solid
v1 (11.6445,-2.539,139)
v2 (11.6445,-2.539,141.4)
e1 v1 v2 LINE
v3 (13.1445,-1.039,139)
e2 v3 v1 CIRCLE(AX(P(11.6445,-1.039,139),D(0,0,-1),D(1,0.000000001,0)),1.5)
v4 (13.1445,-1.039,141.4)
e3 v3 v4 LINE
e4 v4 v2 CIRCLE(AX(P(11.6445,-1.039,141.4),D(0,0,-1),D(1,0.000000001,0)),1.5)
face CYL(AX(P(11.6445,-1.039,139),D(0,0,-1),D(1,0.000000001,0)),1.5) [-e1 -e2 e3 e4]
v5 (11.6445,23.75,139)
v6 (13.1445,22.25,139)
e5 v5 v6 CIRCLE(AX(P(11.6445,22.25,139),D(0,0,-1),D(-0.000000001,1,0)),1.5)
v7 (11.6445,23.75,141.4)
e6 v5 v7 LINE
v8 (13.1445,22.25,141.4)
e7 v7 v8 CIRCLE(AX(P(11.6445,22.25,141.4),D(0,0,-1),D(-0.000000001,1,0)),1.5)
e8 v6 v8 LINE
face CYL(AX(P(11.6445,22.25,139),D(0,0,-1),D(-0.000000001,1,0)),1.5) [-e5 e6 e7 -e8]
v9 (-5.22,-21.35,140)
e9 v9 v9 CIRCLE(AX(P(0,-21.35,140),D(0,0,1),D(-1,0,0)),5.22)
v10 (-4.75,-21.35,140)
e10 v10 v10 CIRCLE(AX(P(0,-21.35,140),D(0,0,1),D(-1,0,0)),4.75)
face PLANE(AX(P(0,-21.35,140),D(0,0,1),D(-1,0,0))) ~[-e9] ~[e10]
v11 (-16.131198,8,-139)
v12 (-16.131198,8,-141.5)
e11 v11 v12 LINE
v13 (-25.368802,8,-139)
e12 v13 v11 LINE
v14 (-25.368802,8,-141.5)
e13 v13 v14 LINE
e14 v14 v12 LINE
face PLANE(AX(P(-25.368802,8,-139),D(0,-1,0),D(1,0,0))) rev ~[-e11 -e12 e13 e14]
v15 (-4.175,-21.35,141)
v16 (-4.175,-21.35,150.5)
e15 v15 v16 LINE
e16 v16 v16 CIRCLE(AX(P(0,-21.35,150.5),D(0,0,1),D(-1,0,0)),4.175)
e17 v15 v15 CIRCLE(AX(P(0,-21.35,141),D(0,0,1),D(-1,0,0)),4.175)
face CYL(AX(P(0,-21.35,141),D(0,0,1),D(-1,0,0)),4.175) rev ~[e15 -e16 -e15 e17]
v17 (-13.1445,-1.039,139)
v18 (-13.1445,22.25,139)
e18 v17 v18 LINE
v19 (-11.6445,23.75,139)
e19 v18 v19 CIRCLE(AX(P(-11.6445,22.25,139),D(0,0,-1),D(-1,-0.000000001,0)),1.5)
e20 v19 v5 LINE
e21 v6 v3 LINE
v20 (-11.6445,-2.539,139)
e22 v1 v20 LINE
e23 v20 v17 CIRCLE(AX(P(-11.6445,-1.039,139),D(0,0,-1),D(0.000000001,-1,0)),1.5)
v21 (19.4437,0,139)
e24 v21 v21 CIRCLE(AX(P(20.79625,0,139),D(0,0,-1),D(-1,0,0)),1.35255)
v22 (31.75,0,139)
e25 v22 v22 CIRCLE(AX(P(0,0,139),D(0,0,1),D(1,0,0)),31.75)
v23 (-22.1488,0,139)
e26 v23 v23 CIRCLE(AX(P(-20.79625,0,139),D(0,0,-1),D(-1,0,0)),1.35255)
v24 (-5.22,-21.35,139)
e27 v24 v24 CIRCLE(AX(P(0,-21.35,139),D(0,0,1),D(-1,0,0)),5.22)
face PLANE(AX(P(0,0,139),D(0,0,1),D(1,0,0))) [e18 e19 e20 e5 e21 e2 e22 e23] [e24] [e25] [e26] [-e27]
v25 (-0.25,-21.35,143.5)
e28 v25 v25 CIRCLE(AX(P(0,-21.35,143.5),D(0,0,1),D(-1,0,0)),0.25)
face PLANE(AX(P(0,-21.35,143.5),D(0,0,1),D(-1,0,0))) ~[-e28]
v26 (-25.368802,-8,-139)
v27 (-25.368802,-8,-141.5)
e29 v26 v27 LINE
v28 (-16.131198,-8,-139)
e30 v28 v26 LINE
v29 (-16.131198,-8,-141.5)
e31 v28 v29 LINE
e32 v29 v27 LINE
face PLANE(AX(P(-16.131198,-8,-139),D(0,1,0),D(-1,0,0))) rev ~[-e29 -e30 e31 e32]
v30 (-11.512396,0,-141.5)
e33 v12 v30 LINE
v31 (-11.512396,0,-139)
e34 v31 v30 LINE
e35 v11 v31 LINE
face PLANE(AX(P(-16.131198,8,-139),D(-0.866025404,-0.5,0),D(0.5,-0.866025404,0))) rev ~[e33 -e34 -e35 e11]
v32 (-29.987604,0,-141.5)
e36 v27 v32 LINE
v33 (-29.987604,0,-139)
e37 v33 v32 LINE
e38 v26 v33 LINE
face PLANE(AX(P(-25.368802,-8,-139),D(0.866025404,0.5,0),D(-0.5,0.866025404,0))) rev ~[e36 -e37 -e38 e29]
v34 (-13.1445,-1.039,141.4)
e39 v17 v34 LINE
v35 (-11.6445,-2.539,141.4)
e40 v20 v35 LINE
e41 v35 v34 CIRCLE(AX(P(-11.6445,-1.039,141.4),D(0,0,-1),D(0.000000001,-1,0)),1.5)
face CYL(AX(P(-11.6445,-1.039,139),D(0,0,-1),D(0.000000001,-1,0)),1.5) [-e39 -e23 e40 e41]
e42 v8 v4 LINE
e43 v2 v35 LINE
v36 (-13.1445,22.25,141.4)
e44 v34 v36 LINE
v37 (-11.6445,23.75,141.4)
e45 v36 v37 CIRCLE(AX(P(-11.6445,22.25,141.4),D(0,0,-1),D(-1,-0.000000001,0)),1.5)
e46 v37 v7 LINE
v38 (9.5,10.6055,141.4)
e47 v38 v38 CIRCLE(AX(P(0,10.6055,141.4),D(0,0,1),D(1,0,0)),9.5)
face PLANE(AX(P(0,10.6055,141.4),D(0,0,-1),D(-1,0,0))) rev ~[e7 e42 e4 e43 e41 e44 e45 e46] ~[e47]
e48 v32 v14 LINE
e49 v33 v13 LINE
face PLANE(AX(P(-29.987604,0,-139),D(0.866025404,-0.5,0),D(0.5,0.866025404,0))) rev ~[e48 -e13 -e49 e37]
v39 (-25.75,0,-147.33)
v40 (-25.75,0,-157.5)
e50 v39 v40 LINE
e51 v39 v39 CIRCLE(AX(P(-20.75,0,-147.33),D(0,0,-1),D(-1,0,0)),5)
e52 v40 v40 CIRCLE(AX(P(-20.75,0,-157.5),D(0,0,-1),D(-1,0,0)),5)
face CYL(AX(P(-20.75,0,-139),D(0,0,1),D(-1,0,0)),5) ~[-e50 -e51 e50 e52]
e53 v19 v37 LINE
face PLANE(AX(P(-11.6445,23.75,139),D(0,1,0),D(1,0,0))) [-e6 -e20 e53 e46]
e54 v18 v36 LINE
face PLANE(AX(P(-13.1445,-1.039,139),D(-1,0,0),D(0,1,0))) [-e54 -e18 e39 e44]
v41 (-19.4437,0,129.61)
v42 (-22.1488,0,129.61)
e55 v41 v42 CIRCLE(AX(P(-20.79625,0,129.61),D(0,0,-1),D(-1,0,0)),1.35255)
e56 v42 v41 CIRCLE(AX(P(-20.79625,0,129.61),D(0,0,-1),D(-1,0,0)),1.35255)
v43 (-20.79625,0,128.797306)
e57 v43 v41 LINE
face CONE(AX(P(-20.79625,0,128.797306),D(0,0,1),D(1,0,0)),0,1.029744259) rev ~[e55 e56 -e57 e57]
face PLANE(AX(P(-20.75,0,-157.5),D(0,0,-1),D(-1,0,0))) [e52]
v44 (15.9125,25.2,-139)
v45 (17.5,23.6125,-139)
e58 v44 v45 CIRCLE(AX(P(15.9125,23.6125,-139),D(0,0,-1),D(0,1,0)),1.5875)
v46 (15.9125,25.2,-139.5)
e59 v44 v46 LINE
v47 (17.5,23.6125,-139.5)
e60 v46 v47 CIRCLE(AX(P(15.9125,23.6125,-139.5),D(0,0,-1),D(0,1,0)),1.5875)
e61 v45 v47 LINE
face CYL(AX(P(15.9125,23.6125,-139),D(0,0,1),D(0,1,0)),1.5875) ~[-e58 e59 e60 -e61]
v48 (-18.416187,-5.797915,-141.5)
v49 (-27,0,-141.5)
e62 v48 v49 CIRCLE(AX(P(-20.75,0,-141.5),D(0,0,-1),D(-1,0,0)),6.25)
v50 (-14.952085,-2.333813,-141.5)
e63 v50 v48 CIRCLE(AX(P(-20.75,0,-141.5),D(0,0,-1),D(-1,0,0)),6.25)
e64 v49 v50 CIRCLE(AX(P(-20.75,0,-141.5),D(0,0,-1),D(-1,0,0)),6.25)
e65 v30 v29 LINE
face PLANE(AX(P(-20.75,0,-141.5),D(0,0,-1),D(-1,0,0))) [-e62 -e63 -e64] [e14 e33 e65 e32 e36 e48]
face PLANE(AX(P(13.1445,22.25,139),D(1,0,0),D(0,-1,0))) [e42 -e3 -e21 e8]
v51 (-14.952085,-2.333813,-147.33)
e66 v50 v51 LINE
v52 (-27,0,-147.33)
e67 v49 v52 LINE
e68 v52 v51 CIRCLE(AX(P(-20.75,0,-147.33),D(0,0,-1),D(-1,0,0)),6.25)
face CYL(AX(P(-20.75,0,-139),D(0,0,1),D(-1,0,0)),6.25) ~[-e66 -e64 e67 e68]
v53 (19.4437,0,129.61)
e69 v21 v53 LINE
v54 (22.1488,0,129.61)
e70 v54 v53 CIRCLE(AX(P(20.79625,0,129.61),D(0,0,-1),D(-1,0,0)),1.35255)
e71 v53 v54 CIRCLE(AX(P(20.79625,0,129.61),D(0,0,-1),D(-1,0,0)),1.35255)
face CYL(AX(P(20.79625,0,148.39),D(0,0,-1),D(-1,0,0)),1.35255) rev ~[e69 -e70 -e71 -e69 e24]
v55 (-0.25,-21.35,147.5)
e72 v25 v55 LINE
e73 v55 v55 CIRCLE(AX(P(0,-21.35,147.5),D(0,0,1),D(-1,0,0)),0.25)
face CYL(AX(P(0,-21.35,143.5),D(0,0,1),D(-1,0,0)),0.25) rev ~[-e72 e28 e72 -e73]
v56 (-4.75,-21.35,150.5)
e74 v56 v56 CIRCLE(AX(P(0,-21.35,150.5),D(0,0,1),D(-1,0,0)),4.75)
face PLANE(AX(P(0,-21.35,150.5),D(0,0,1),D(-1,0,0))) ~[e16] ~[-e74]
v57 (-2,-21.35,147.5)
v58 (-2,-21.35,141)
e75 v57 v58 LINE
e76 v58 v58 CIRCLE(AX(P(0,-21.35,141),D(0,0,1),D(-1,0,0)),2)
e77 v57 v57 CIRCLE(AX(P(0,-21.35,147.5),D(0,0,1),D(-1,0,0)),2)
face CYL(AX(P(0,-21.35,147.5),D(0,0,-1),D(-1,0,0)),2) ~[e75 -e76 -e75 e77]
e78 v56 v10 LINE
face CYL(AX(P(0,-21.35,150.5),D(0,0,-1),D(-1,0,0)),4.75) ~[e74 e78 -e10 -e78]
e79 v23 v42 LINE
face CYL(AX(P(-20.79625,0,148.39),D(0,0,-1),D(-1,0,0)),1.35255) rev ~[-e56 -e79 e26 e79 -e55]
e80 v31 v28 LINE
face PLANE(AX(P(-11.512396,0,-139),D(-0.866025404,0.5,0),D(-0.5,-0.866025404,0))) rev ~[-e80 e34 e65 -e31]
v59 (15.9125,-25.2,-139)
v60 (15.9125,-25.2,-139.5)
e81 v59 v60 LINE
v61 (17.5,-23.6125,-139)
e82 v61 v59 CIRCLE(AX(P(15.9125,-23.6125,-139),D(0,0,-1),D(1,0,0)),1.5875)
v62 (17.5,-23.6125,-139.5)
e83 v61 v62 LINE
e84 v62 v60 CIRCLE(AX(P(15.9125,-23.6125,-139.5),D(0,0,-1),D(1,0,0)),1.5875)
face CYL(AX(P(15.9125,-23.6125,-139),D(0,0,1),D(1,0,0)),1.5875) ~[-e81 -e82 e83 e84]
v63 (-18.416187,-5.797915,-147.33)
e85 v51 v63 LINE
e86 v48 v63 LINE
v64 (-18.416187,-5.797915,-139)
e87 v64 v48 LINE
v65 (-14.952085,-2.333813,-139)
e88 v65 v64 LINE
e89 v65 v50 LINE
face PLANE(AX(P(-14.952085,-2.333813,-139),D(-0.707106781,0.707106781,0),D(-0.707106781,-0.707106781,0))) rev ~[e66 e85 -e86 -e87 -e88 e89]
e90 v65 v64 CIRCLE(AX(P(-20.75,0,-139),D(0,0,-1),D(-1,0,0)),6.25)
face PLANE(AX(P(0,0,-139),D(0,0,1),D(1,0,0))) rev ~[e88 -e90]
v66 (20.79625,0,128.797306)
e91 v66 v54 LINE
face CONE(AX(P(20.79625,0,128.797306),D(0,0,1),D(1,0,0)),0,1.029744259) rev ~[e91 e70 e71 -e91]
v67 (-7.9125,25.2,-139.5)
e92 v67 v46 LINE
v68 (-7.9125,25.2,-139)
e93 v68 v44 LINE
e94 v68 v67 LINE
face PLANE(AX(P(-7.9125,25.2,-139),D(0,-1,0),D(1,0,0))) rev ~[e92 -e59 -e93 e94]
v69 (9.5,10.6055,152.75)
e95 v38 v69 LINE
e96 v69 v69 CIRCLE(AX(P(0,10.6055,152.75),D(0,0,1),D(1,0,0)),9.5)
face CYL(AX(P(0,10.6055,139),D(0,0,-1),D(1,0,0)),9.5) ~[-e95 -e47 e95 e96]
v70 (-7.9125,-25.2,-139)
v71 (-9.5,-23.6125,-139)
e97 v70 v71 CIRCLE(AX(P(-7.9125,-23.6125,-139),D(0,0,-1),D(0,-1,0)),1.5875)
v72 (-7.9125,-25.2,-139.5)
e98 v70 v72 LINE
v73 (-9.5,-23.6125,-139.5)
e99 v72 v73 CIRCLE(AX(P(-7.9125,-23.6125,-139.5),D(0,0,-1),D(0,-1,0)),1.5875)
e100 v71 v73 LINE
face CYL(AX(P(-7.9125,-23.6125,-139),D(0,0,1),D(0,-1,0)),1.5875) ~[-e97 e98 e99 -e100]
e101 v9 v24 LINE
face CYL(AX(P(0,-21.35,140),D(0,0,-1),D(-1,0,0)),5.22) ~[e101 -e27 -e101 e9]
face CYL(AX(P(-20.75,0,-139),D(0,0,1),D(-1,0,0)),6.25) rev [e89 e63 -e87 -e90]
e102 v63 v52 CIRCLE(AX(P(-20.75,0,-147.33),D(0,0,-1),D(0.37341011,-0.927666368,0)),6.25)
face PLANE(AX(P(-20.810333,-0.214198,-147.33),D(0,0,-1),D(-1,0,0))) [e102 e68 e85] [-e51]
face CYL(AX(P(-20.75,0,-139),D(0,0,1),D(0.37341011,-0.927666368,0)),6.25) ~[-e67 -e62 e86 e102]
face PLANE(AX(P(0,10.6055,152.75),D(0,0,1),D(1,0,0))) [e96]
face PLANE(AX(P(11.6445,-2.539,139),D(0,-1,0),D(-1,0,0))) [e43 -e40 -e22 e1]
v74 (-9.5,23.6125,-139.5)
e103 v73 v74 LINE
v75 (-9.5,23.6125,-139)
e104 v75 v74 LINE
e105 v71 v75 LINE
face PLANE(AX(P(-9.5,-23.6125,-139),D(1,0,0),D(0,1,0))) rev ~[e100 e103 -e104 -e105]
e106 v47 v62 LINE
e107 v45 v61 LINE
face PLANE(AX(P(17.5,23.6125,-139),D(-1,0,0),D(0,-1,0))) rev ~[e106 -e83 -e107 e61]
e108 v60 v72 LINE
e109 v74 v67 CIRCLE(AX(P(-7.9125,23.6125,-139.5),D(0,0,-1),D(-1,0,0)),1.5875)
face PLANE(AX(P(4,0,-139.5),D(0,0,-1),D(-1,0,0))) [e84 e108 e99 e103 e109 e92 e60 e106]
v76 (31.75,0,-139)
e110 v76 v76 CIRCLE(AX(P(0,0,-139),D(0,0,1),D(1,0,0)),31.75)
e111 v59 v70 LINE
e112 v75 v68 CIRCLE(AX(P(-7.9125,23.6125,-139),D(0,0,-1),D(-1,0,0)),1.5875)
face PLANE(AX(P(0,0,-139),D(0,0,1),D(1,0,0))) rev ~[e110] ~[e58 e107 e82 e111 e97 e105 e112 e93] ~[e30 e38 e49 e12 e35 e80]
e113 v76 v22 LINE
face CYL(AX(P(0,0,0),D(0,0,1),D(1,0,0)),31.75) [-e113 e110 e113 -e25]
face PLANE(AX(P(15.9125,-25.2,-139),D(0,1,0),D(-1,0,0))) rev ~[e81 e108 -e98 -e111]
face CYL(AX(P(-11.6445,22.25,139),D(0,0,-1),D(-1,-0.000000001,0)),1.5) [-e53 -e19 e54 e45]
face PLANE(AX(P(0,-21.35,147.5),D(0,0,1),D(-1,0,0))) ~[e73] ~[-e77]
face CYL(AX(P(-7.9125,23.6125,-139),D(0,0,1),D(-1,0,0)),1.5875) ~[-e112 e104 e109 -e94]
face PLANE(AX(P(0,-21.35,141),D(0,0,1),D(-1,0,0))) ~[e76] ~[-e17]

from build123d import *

# Parameters (mm, degrees)
SKETCH1_R                 = 31.75
BOSS_EXTRUDE1_DEPTH       = 139
SKETCH3_R                 = 9.5
BOSS_EXTRUDE2_DEPTH       = 2.4
SKETCH3_2_R               = 9.5
BOSS_EXTRUDE3_DEPTH       = 13.75
F_6_32_TAPPED_HOLE1_D     = 2.7051
F_6_32_TAPPED_HOLE1_DEPTH = 9.39
F_6_32_TAPPED_HOLE1_TIP   = 0.81269403
BOSS_EXTRUDE4_DEPTH       = 2.5
SKETCH7_3_R               = 5
BOSS_EXTRUDE5_DEPTH       = 8.33
SKETCH7_4_R               = 5
BOSS_EXTRUDE6_DEPTH       = 18.5
BOSS_EXTRUDE7_DEPTH       = 0.5


with BuildPart() as part:
    # Sketch1 → Boss-Extrude1 (new, symmetric)
    with BuildSketch(Plane.XY):
        Circle(SKETCH1_R)
    extrude(amount=BOSS_EXTRUDE1_DEPTH, both=True)

    # Sketch3 → Boss-Extrude2 (add)
    with BuildSketch(Plane.XY.offset(139)):
        with BuildLine():
            Line((11.6445, -2.539), (-11.6445, -2.539))
            ThreePointArc((-11.6445, -2.539), (-12.705160172, -2.099660172), (-13.1445, -1.039))
            Line((-13.1445, -1.039), (-13.1445, 22.25))
            ThreePointArc((-13.1445, 22.25), (-12.705160172, 23.310660172), (-11.6445, 23.75))
            Line((-11.6445, 23.75), (11.6445, 23.75))
            ThreePointArc((11.6445, 23.75), (12.705160172, 23.310660172), (13.1445, 22.25))
            Line((13.1445, 22.25), (13.1445, -1.039))
            ThreePointArc((13.1445, -1.039), (12.705160172, -2.099660172), (11.6445, -2.539))
        make_face()
        with Locations((0, 10.6055)):
            Circle(SKETCH3_R, mode=Mode.SUBTRACT)
    extrude(amount=BOSS_EXTRUDE2_DEPTH)

    # Sketch3<2> → Boss-Extrude3 (add)
    with BuildSketch(Plane.XY.offset(139)):
        with Locations((0, 10.6055)):
            Circle(SKETCH3_2_R)
    extrude(amount=BOSS_EXTRUDE3_DEPTH)

    # Sketch4 → Revolve1 (revolve)
    with BuildSketch(Plane(origin=(0, -21.35, 0), x_dir=(1, 0, 0), z_dir=(0, 1, 0))):
        Polygon((0, -139), (0, -143.5), (-0.25, -143.5), (-0.25, -147.5), (-2, -147.5), (-2, -141), (-4.175, -141), (-4.175, -150.5), (-4.75, -150.5), (-4.75, -140), (-5.22, -140), (-5.22, -139), align=None)
    revolve(axis=Axis((0, -21.35, 143.5), (0, 0, 1)))

    # #6-32 Tapped Hole1
    with Locations(Plane.XY.offset(139)):
        with Locations((-20.79625, 0), (20.79625, 0)):
            Hole(F_6_32_TAPPED_HOLE1_D / 2, depth=F_6_32_TAPPED_HOLE1_DEPTH)
            with Locations((0, 0, -(F_6_32_TAPPED_HOLE1_DEPTH + F_6_32_TAPPED_HOLE1_TIP / 2))):  # 118° drill point
                Cone(0, F_6_32_TAPPED_HOLE1_D / 2, F_6_32_TAPPED_HOLE1_TIP, mode=Mode.SUBTRACT)

    # Sketch7 → Boss-Extrude4 (add)
    with BuildSketch(Plane(origin=(0, 0, -139), x_dir=(-1, 0, 0), z_dir=(0, 0, -1))):
        Polygon((25.368802154, 8), (16.131197846, 8), (11.512395693, 0), (16.131197846, -8), (25.368802154, -8), (29.987604307, 0), align=None)
        with BuildLine():
            ThreePointArc((18.416186816, -5.797914799), (16.330582618, -4.419417382), (14.952085201, -2.333813184))
            ThreePointArc((14.952085201, -2.333813184), (19.56140156, 6.135937887), (27, 0))
            ThreePointArc((27, 0), (24.248297271, -5.179229306), (18.416186816, -5.797914799))
        make_face(mode=Mode.SUBTRACT)
    extrude(amount=BOSS_EXTRUDE4_DEPTH)

    # Sketch7<3> → Boss-Extrude5 (add)
    with BuildSketch(Plane(origin=(0, 0, -139), x_dir=(-1, 0, 0), z_dir=(0, 0, -1))):
        with BuildLine():
            ThreePointArc((27, 0), (19.56140156, 6.135937887), (14.952085201, -2.333813184))
            Line((14.952085201, -2.333813184), (18.416186816, -5.797914799))
            ThreePointArc((18.416186816, -5.797914799), (24.248297271, -5.179229306), (27, 0))
        make_face()
        with Locations((20.75, 0)):
            Circle(SKETCH7_3_R, mode=Mode.SUBTRACT)
    extrude(amount=BOSS_EXTRUDE5_DEPTH)

    # Sketch7<4> → Boss-Extrude6 (add)
    with BuildSketch(Plane(origin=(0, 0, -139), x_dir=(-1, 0, 0), z_dir=(0, 0, -1))):
        with Locations((20.75, 0)):
            Circle(SKETCH7_4_R)
    extrude(amount=BOSS_EXTRUDE6_DEPTH)

    # Sketch8 → Boss-Extrude7 (add)
    with BuildSketch(Plane(origin=(0, 0, -139), x_dir=(-1, 0, 0), z_dir=(0, 0, -1))):
        with BuildLine():
            Line((7.9125, 25.2), (-15.9125, 25.2))
            ThreePointArc((-15.9125, 25.2), (-17.035032015, 24.735032015), (-17.5, 23.6125))
            Line((-17.5, 23.6125), (-17.5, -23.6125))
            ThreePointArc((-17.5, -23.6125), (-17.035032015, -24.735032015), (-15.9125, -25.2))
            Line((-15.9125, -25.2), (7.9125, -25.2))
            ThreePointArc((7.9125, -25.2), (9.035032015, -24.735032015), (9.5, -23.6125))
            Line((9.5, -23.6125), (9.5, 23.6125))
            ThreePointArc((9.5, 23.6125), (9.035032015, 24.735032015), (7.9125, 25.2))
        make_face()
    extrude(amount=BOSS_EXTRUDE7_DEPTH)


solid = part.part
